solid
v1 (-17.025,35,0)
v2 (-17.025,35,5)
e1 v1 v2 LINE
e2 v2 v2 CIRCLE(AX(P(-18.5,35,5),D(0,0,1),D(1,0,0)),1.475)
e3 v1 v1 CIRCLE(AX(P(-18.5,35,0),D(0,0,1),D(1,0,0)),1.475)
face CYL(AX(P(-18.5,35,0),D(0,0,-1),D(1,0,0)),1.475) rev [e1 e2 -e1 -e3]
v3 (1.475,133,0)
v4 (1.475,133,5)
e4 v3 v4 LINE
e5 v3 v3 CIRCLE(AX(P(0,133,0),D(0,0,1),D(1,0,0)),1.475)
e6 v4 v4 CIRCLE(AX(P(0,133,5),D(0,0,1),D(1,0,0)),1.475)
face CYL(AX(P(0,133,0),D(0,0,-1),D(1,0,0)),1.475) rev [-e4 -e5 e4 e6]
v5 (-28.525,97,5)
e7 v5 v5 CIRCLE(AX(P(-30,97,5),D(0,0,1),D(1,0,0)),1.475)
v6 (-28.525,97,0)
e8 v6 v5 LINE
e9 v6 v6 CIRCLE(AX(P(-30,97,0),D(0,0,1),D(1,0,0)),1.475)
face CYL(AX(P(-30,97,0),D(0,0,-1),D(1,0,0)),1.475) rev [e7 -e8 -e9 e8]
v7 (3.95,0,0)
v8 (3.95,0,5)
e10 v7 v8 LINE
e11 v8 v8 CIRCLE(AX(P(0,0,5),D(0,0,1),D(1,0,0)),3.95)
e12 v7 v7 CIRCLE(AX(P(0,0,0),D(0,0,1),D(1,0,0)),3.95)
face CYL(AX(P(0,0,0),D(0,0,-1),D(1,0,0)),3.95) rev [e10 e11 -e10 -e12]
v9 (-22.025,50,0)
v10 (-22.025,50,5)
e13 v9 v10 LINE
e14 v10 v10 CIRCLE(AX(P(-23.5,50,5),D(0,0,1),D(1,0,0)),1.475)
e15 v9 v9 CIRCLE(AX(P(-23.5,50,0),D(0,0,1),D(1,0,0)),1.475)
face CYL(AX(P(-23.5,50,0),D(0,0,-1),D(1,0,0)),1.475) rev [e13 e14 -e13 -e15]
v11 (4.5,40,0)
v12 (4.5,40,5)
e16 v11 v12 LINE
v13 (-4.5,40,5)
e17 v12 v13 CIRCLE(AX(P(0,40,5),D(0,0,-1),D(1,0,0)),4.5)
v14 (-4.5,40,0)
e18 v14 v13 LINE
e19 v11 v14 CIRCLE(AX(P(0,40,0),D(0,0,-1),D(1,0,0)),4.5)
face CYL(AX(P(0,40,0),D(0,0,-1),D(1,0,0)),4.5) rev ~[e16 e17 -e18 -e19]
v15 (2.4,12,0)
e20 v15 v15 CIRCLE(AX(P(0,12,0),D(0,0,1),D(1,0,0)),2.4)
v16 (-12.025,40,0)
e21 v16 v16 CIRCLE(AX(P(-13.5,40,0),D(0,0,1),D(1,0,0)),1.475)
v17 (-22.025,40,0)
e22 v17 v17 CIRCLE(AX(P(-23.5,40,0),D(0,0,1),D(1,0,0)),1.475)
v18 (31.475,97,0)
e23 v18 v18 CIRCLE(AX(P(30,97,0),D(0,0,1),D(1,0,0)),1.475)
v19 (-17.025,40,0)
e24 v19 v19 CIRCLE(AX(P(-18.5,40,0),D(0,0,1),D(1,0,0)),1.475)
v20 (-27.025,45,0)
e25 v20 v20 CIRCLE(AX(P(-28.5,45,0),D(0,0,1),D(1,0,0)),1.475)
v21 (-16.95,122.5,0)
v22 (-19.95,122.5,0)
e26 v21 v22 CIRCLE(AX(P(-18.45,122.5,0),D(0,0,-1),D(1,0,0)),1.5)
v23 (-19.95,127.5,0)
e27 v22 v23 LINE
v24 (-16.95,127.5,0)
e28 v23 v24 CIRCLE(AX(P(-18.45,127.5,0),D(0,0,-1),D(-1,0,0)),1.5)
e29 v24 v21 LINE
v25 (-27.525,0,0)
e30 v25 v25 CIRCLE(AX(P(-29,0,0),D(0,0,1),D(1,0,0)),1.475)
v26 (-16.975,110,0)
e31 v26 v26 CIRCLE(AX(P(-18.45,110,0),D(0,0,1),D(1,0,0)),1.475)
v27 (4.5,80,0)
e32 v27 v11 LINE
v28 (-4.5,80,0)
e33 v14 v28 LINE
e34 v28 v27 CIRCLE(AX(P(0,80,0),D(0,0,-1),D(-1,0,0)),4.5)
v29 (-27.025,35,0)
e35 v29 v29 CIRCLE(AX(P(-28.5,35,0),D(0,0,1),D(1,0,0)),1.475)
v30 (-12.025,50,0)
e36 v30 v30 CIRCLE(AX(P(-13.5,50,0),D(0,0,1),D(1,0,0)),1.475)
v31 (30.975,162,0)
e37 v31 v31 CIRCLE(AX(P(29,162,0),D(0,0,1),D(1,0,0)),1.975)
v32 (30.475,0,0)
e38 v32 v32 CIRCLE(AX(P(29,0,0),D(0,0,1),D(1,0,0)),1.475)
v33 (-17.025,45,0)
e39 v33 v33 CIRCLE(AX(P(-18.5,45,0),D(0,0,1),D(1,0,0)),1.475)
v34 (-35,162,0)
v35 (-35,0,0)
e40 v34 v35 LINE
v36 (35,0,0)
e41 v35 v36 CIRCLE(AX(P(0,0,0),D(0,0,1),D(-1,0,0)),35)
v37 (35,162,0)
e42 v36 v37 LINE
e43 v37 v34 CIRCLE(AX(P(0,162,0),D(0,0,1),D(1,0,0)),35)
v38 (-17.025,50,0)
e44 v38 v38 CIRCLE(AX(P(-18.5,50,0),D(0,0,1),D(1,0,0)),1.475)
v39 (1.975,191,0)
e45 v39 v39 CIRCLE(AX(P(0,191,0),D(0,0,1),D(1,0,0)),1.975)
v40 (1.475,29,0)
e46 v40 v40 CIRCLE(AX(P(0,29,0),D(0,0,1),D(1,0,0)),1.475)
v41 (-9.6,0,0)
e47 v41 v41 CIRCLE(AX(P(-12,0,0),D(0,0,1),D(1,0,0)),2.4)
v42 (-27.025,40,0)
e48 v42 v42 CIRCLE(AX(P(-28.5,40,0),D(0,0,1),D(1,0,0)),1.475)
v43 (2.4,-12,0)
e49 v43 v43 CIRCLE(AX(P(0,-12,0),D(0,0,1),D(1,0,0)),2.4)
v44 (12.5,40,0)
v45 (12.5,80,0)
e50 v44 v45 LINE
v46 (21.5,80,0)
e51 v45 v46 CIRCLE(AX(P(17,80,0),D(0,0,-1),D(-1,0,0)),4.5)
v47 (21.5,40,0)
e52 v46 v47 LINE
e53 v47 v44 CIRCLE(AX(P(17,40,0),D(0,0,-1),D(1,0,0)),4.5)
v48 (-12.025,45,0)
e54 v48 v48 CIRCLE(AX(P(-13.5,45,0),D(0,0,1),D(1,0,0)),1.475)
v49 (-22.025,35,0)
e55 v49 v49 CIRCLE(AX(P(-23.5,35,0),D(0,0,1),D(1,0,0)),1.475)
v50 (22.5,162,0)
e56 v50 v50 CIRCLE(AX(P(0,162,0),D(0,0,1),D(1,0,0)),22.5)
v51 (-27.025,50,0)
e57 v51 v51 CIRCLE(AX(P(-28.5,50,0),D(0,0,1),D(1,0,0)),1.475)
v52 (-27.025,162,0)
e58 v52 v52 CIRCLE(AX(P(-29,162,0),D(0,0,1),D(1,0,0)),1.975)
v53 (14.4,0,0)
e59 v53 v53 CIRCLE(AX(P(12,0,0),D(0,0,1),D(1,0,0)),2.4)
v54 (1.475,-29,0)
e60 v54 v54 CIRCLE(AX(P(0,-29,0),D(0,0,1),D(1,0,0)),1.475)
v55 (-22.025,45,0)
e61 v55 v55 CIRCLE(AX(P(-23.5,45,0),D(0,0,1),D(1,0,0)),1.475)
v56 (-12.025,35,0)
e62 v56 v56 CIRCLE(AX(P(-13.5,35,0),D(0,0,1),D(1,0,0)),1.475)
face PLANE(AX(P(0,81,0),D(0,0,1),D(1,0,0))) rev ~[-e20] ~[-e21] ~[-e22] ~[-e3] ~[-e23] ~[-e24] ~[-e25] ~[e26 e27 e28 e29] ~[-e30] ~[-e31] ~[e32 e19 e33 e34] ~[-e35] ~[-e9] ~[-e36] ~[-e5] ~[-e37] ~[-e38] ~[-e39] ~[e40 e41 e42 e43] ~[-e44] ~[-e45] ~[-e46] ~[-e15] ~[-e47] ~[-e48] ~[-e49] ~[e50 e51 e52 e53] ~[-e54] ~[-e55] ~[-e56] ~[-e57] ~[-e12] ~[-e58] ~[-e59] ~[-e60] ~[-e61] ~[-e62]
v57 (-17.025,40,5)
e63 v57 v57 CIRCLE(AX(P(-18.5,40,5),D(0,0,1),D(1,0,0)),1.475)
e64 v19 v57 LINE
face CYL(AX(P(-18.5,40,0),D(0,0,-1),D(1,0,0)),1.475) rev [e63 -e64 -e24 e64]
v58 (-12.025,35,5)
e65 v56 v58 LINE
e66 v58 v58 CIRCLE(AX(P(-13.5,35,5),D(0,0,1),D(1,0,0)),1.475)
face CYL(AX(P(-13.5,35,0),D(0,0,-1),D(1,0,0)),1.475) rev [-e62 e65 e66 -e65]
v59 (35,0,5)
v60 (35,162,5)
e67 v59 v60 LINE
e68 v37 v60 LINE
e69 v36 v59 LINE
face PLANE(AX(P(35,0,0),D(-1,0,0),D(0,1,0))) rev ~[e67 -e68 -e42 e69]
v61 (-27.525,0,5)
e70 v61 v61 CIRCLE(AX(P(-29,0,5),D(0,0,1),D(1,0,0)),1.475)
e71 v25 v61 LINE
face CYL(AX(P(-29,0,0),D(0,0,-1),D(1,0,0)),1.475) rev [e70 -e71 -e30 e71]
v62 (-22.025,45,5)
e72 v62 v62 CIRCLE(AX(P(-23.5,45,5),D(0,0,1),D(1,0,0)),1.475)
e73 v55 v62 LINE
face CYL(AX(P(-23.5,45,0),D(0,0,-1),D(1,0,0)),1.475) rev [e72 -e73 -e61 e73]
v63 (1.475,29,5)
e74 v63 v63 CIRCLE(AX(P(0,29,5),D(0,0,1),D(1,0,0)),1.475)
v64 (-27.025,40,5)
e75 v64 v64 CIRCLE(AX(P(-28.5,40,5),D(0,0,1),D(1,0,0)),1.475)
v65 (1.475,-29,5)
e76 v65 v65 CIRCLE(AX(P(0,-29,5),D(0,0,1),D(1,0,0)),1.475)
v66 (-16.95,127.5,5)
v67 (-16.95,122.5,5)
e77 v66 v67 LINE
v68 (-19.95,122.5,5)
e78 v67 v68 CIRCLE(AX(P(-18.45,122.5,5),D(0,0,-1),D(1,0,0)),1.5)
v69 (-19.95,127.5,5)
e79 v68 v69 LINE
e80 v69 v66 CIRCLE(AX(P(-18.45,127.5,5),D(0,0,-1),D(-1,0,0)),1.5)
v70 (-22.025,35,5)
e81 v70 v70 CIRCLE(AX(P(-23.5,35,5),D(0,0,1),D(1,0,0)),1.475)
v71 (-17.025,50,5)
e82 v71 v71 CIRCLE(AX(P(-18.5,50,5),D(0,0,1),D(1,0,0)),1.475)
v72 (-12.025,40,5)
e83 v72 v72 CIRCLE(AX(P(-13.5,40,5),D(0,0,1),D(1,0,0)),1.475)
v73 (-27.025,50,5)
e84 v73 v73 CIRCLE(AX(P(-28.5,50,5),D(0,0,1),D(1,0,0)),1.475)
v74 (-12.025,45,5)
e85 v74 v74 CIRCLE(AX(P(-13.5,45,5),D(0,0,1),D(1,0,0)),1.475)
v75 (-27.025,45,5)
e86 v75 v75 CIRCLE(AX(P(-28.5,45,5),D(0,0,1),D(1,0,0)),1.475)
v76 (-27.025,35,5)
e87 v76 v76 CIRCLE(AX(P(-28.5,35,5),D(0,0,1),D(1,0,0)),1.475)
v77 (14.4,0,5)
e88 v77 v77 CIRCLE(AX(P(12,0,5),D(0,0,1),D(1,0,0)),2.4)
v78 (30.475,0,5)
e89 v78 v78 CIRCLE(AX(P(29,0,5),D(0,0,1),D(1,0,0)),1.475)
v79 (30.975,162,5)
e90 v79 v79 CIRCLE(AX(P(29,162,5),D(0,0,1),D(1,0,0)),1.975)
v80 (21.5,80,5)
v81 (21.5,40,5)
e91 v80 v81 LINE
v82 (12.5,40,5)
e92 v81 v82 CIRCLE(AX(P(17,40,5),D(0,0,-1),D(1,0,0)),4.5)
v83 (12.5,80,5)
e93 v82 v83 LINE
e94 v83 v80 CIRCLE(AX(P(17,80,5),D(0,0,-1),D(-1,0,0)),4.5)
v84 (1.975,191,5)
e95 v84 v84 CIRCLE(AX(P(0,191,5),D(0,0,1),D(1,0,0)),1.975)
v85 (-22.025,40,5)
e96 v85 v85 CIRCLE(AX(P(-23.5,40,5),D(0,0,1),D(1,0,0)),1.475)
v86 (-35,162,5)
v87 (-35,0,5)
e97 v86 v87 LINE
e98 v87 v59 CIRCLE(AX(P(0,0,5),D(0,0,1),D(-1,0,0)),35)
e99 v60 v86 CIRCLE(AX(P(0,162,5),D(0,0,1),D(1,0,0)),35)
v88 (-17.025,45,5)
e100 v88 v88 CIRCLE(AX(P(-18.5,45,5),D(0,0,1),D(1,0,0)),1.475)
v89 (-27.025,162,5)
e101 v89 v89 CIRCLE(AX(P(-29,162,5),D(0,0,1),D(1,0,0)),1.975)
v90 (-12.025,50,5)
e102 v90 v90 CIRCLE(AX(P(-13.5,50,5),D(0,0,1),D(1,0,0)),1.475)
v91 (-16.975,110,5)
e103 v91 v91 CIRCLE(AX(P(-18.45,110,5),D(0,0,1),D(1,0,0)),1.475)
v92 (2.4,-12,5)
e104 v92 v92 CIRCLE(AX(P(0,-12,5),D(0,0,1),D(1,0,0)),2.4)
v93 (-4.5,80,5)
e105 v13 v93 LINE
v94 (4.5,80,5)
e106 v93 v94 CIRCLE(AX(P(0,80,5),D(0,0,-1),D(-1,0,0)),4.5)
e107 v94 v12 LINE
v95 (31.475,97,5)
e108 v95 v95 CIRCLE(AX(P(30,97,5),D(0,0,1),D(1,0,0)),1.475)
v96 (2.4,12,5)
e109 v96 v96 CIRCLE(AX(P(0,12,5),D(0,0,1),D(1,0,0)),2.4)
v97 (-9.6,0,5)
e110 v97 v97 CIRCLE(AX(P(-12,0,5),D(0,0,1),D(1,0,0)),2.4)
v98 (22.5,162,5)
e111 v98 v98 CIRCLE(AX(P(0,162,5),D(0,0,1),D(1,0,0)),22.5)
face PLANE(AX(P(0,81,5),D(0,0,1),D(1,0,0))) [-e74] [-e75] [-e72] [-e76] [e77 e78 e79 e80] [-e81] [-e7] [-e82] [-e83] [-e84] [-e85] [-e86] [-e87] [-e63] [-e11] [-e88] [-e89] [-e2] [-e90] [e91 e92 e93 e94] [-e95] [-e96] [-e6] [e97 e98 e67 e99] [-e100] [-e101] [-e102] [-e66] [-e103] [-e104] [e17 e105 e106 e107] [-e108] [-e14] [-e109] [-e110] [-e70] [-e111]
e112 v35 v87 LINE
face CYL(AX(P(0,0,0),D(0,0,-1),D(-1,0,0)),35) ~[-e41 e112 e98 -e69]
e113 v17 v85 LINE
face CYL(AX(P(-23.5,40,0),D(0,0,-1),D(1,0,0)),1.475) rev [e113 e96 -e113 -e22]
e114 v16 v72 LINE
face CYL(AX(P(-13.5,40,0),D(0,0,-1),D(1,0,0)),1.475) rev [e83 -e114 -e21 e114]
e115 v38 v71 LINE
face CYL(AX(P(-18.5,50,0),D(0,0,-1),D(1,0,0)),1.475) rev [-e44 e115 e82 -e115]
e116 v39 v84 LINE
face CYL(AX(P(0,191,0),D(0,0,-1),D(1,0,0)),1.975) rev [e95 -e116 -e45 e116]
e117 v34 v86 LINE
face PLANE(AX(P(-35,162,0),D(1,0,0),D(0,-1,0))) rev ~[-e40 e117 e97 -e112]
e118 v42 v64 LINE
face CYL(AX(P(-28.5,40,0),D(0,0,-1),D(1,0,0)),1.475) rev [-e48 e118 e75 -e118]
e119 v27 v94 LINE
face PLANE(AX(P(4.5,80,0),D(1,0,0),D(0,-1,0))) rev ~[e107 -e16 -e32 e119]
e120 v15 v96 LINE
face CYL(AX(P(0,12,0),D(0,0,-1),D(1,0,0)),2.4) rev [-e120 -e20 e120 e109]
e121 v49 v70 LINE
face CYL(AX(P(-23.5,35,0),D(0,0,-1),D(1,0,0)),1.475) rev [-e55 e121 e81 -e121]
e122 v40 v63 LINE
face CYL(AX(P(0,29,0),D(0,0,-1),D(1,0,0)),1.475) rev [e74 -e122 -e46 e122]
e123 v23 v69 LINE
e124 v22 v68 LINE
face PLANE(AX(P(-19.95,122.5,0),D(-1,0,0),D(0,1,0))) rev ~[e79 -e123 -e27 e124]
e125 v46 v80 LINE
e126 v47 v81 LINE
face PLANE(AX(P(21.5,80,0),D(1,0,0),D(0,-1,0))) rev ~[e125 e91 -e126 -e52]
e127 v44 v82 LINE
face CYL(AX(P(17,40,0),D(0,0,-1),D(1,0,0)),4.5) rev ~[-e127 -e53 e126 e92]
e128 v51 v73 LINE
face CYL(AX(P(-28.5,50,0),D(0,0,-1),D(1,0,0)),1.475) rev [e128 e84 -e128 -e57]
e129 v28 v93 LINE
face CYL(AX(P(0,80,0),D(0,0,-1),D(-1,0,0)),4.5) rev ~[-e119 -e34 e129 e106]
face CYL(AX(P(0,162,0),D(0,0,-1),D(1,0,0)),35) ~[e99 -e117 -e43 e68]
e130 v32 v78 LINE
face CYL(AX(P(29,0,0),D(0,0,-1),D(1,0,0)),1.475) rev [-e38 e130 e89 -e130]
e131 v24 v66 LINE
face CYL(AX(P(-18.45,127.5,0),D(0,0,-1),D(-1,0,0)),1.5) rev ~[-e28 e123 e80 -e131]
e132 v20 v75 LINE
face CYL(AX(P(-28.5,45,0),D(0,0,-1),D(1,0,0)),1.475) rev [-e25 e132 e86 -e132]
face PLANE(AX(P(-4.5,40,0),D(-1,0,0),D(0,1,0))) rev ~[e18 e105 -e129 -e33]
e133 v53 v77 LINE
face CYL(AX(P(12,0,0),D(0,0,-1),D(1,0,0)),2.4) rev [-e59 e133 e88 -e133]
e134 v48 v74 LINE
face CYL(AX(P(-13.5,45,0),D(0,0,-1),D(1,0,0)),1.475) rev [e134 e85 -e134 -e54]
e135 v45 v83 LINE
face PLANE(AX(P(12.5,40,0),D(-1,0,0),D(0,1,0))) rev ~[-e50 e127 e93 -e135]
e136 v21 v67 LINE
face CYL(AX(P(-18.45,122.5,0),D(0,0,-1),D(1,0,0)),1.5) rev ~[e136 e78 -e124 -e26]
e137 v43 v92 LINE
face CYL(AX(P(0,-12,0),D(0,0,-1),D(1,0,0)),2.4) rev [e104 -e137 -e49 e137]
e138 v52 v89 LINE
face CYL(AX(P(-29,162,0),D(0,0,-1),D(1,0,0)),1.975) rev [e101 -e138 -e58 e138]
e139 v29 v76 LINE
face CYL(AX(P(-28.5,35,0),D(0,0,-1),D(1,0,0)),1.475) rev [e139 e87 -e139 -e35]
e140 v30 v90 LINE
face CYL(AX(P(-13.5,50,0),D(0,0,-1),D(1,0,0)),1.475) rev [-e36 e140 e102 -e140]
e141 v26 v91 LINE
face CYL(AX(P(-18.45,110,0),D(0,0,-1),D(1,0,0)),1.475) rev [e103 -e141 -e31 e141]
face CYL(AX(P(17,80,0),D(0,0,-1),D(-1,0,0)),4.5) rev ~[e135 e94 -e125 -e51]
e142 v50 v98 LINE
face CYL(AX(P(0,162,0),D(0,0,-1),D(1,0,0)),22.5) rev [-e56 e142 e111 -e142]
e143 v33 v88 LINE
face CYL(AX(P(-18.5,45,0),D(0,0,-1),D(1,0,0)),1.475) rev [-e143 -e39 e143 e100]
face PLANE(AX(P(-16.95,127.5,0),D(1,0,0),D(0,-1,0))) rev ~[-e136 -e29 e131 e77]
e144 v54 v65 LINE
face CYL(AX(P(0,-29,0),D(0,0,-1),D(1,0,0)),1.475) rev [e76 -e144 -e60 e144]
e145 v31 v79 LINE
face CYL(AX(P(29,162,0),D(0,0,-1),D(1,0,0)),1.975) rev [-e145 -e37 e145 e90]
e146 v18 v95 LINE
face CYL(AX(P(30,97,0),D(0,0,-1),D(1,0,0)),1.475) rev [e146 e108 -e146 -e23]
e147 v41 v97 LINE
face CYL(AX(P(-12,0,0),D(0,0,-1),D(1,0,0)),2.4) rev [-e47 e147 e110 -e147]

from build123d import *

# Parameters (mm, degrees)
SKETCH1_R           = 3.95
SKETCH1_R_2         = 1.475
SKETCH1_R_3         = 22.5
SKETCH1_R_4         = 2.4
SKETCH1_R_5         = 1.975
BOSS_EXTRUDE1_DEPTH = 5


with BuildPart() as part:
    # Sketch1 → Boss-Extrude1 (new body)
    with BuildSketch(Plane.XY):
        with BuildLine():
            Line((35, 0), (35, 162))
            ThreePointArc((35, 162), (0, 197), (-35, 162))
            Line((-35, 162), (-35, 0))
            ThreePointArc((-35, 0), (0, -35), (35, 0))
        make_face()
        Circle(SKETCH1_R, mode=Mode.SUBTRACT)
        with Locations((0, 29)):
            Circle(SKETCH1_R_2, mode=Mode.SUBTRACT)
        with Locations((0, 162)):
            Circle(SKETCH1_R_3, mode=Mode.SUBTRACT)
        with Locations((0, 133)):
            Circle(SKETCH1_R_2, mode=Mode.SUBTRACT)
        with Locations((-30, 97)):
            Circle(SKETCH1_R_2, mode=Mode.SUBTRACT)
        with Locations((30, 97)):
            Circle(SKETCH1_R_2, mode=Mode.SUBTRACT)
        with Locations((29, 0)):
            Circle(SKETCH1_R_2, mode=Mode.SUBTRACT)
        with Locations((0, -29)):
            Circle(SKETCH1_R_2, mode=Mode.SUBTRACT)
        with Locations((-29, 0)):
            Circle(SKETCH1_R_2, mode=Mode.SUBTRACT)
        with Locations((0, 12)):
            Circle(SKETCH1_R_4, mode=Mode.SUBTRACT)
        with Locations((12, 0)):
            Circle(SKETCH1_R_4, mode=Mode.SUBTRACT)
        with Locations((0, -12)):
            Circle(SKETCH1_R_4, mode=Mode.SUBTRACT)
        with Locations((-12, 0)):
            Circle(SKETCH1_R_4, mode=Mode.SUBTRACT)
        with Locations((0, 191)):
            Circle(SKETCH1_R_5, mode=Mode.SUBTRACT)
        with Locations((29, 162)):
            Circle(SKETCH1_R_5, mode=Mode.SUBTRACT)
        with Locations((-29, 162)):
            Circle(SKETCH1_R_5, mode=Mode.SUBTRACT)
        with Locations((-18.45, 110)):
            Circle(SKETCH1_R_2, mode=Mode.SUBTRACT)
        with Locations((-28.5, 35)):
            Circle(SKETCH1_R_2, mode=Mode.SUBTRACT)
        with Locations((-23.5, 35)):
            Circle(SKETCH1_R_2, mode=Mode.SUBTRACT)
        with Locations((-18.5, 35)):
            Circle(SKETCH1_R_2, mode=Mode.SUBTRACT)
        with Locations((-13.5, 35)):
            Circle(SKETCH1_R_2, mode=Mode.SUBTRACT)
        with Locations((-28.5, 40)):
            Circle(SKETCH1_R_2, mode=Mode.SUBTRACT)
        with Locations((-23.5, 40)):
            Circle(SKETCH1_R_2, mode=Mode.SUBTRACT)
        with Locations((-18.5, 40)):
            Circle(SKETCH1_R_2, mode=Mode.SUBTRACT)
        with Locations((-13.5, 40)):
            Circle(SKETCH1_R_2, mode=Mode.SUBTRACT)
        with Locations((-28.5, 45)):
            Circle(SKETCH1_R_2, mode=Mode.SUBTRACT)
        with Locations((-23.5, 45)):
            Circle(SKETCH1_R_2, mode=Mode.SUBTRACT)
        with Locations((-18.5, 45)):
            Circle(SKETCH1_R_2, mode=Mode.SUBTRACT)
        with Locations((-13.5, 45)):
            Circle(SKETCH1_R_2, mode=Mode.SUBTRACT)
        with Locations((-28.5, 50)):
            Circle(SKETCH1_R_2, mode=Mode.SUBTRACT)
        with Locations((-23.5, 50)):
            Circle(SKETCH1_R_2, mode=Mode.SUBTRACT)
        with Locations((-18.5, 50)):
            Circle(SKETCH1_R_2, mode=Mode.SUBTRACT)
        with Locations((-13.5, 50)):
            Circle(SKETCH1_R_2, mode=Mode.SUBTRACT)
        with BuildLine():
            Line((4.5, 80), (4.5, 40))
            ThreePointArc((4.5, 40), (0, 35.5), (-4.5, 40))
            Line((-4.5, 40), (-4.5, 80))
            ThreePointArc((-4.5, 80), (0, 84.5), (4.5, 80))
        make_face(mode=Mode.SUBTRACT)
        with BuildLine():
            Line((21.5, 80), (21.5, 40))
            ThreePointArc((21.5, 40), (17, 35.5), (12.5, 40))
            Line((12.5, 40), (12.5, 80))
            ThreePointArc((12.5, 80), (17, 84.5), (21.5, 80))
        make_face(mode=Mode.SUBTRACT)
        with BuildLine():
            Line((-16.95, 127.5), (-16.95, 122.5))
            ThreePointArc((-16.95, 122.5), (-18.45, 121), (-19.95, 122.5))
            Line((-19.95, 122.5), (-19.95, 127.5))
            ThreePointArc((-19.95, 127.5), (-18.45, 129), (-16.95, 127.5))
        make_face(mode=Mode.SUBTRACT)
    extrude(amount=BOSS_EXTRUDE1_DEPTH)


solid = part.part
